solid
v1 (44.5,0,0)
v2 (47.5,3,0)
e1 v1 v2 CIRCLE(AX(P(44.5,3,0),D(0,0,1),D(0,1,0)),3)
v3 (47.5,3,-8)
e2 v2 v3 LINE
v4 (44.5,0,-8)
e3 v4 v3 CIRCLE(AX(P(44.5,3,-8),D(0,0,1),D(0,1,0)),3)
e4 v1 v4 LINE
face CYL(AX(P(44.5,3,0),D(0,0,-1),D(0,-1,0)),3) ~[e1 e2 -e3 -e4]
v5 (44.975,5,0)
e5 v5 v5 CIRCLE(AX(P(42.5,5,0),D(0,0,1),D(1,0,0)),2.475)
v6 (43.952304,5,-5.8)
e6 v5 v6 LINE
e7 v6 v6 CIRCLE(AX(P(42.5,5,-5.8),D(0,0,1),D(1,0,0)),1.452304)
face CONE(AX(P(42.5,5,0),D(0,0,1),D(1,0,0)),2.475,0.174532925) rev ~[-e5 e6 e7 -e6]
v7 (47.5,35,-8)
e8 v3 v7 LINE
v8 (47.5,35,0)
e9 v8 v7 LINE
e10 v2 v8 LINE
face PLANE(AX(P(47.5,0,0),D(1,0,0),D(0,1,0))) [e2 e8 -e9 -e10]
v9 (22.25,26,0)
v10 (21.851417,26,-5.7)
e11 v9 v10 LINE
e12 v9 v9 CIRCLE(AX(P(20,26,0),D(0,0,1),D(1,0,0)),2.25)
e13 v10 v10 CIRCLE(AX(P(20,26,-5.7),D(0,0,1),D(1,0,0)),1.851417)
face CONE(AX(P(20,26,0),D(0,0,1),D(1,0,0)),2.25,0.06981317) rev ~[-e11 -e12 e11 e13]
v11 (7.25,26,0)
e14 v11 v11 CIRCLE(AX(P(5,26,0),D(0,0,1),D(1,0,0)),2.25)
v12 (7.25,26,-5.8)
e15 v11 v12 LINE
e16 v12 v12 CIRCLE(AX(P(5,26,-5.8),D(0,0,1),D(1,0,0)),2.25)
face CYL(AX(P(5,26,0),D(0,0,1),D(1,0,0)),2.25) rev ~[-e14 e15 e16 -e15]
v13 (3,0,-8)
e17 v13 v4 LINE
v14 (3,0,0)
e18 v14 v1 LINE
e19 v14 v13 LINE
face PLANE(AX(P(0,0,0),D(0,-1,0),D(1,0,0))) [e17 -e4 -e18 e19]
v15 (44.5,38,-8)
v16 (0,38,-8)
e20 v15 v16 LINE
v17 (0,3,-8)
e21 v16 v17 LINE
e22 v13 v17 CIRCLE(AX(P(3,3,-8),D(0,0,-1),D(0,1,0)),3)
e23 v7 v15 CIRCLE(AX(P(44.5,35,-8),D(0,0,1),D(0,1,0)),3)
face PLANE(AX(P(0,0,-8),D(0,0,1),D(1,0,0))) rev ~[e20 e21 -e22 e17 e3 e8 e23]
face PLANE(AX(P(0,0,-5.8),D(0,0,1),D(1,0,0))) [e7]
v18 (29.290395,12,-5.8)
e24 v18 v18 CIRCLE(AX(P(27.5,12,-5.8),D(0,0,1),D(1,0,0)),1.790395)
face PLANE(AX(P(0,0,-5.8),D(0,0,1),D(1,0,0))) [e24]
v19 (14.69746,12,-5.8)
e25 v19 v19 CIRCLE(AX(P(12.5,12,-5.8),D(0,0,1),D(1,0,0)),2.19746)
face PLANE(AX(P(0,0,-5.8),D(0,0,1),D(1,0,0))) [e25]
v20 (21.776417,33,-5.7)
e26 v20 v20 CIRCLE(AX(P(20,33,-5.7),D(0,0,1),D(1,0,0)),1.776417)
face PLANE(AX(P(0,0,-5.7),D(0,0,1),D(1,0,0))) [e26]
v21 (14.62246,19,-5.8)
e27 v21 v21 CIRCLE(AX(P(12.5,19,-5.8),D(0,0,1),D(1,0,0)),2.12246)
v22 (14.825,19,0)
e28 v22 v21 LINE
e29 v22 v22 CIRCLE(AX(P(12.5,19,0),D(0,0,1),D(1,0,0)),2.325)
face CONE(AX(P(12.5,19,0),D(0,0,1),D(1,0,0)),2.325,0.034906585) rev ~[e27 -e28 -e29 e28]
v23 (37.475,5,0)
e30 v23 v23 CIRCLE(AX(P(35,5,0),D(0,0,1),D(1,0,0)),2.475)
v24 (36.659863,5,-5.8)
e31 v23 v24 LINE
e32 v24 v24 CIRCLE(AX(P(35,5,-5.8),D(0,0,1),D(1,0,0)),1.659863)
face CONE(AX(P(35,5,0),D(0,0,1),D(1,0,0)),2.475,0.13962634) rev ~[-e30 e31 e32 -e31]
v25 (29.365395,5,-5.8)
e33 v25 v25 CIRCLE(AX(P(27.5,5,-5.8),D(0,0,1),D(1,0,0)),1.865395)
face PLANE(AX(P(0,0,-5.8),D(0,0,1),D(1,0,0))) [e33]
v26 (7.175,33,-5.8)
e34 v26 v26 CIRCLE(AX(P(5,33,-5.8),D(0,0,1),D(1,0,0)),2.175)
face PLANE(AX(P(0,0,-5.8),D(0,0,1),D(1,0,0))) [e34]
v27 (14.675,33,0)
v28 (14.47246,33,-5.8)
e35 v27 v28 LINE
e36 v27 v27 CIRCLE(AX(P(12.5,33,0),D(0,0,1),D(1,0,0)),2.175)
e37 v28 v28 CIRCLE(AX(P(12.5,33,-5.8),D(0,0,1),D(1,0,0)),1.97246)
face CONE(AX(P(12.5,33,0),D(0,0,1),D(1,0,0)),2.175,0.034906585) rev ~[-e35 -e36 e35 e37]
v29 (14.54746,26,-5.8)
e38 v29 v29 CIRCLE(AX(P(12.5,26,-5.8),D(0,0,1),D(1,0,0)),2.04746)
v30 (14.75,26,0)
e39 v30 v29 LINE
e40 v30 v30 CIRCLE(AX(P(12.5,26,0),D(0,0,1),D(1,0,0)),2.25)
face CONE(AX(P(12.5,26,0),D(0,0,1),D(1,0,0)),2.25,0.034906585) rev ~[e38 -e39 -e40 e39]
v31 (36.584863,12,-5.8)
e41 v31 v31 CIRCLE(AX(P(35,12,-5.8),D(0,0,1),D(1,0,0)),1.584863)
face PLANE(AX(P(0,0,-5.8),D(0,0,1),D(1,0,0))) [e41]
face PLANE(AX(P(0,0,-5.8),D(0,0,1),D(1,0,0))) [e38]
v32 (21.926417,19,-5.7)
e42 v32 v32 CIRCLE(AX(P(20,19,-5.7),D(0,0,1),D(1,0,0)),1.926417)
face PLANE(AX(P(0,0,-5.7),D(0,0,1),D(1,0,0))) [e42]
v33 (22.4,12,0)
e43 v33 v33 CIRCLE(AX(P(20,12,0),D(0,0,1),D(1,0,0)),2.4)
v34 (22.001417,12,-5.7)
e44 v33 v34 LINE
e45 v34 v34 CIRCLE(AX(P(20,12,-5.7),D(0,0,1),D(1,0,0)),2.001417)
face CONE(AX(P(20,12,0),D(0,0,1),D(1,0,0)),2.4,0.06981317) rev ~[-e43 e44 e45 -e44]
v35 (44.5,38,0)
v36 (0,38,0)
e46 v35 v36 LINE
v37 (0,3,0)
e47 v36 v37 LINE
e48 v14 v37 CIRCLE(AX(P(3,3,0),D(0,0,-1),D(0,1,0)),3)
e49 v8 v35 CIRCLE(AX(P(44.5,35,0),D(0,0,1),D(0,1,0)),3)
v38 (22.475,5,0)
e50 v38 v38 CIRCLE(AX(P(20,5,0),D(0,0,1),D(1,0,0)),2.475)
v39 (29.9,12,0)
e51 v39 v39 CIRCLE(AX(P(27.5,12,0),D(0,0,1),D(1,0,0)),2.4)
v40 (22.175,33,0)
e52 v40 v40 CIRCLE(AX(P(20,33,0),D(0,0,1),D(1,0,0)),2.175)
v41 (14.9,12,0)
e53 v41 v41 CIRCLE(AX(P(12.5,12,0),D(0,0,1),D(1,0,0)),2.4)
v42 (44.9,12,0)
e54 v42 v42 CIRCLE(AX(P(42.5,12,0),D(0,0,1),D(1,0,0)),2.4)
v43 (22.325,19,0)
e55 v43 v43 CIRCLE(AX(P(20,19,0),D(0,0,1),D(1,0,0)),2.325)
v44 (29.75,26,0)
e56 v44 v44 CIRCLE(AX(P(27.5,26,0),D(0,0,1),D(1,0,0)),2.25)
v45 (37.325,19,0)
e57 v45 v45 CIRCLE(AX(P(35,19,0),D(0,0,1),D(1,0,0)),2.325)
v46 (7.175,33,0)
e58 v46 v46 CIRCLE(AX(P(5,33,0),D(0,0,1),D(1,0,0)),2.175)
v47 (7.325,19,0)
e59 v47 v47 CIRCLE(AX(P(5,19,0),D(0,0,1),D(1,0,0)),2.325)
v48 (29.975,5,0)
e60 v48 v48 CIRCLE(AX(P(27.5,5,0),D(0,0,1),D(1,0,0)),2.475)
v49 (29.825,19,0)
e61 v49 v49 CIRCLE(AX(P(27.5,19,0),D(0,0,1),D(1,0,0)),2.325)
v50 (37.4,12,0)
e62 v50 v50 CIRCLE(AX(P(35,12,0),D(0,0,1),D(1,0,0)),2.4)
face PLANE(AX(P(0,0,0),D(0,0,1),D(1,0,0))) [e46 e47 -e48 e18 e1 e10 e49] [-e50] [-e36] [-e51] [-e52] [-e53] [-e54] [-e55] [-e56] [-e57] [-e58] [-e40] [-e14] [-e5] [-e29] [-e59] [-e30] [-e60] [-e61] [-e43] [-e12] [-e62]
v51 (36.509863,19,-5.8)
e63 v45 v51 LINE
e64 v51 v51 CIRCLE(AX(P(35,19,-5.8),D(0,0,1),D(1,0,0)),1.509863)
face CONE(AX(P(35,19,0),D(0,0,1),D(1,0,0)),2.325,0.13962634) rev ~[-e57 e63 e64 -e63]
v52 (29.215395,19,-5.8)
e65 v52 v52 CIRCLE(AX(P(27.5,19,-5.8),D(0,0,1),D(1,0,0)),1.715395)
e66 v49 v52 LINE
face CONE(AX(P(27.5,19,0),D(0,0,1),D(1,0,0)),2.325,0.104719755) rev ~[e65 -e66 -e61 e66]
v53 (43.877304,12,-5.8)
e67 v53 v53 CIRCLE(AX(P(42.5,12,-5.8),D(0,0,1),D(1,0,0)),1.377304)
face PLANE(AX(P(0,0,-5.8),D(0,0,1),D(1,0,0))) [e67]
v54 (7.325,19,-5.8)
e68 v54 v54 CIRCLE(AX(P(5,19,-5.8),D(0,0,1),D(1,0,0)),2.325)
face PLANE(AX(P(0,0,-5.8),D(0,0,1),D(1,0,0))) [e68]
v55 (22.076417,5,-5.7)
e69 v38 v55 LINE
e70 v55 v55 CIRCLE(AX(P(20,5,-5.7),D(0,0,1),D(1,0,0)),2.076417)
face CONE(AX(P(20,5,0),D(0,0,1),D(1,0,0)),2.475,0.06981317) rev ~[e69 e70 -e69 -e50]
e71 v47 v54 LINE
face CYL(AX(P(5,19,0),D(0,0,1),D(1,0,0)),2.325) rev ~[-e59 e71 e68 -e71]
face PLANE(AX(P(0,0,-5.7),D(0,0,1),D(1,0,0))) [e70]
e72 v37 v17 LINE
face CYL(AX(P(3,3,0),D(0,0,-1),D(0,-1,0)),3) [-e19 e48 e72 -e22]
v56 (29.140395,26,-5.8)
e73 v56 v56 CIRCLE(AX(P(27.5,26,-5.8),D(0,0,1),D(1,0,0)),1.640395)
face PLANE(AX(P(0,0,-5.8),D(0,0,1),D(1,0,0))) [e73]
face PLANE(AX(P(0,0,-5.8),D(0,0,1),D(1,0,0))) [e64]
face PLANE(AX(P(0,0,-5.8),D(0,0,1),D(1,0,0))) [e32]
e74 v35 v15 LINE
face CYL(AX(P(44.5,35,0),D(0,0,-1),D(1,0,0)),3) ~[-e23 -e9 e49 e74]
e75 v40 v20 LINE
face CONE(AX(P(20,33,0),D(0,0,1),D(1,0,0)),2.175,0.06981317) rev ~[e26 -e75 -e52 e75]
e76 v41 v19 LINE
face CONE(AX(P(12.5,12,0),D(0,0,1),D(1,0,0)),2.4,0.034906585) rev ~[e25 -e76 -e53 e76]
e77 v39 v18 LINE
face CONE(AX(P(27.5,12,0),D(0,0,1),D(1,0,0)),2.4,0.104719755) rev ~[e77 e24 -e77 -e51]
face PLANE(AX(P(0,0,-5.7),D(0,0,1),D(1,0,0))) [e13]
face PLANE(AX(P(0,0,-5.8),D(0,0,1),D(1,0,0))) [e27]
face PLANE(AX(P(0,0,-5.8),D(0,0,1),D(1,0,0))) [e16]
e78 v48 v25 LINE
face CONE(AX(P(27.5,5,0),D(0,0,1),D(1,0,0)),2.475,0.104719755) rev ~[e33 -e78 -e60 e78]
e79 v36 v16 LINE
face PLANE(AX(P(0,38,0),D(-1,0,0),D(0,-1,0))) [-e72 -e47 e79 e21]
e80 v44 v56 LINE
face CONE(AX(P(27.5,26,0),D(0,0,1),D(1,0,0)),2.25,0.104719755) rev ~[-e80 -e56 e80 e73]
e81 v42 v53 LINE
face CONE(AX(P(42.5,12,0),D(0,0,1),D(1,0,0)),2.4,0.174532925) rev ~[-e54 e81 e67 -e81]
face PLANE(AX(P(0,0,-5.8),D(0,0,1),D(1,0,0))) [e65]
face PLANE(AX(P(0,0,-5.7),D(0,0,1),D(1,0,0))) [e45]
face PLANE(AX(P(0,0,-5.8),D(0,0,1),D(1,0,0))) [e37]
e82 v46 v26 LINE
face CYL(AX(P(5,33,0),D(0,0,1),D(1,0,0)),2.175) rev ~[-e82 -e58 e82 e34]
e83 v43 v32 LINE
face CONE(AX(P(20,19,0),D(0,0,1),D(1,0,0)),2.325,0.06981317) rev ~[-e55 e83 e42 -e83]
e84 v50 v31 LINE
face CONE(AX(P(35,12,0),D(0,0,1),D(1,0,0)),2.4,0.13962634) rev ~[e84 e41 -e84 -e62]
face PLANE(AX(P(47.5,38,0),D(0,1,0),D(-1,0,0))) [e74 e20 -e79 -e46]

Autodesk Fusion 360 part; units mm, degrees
sketch "Sketch1" plane through (0, 0, 0) normal (0, 0, 1) x (1, 0, 0)
  line L0 (0, 0) -> (47.5, 0)
  line L1 (47.5, 0) -> (47.5, 38)
  circle A0 centre (5, 33) radius 2.175
  line L2 (5, 33) -> (5, 26) construction
  circle A1 centre (5, 26) radius 2.25
  circle A2 centre (12.5, 26) radius 2.25
  circle A3 centre (12.5, 33) radius 2.175
  circle A4 centre (20, 26) radius 2.25
  circle A5 centre (20, 33) radius 2.175
  line L3 (5, 26) -> (5, 19) construction
  line L4 (5, 19) -> (5, 12) construction
  circle A6 centre (5, 19) radius 2.325
  circle A7 centre (5, 12) radius 2.4
  circle A8 centre (12.5, 19) radius 2.325
  circle A9 centre (12.5, 12) radius 2.4
  circle A10 centre (20, 19) radius 2.325
  circle A11 centre (20, 12) radius 2.4
  circle A12 centre (27.5, 26) radius 2.25
  circle A13 centre (27.5, 33) radius 2.175
  circle A14 centre (27.5, 19) radius 2.325
  circle A15 centre (27.5, 12) radius 2.4
  circle A16 centre (35, 26) radius 2.25
  circle A17 centre (35, 33) radius 2.175
  circle A18 centre (35, 19) radius 2.325
  circle A19 centre (35, 12) radius 2.4
  line L5 (5, 12) -> (5, 5) construction
  circle A20 centre (5, 5) radius 2.475
  circle A21 centre (12.5, 5) radius 2.475
  circle A22 centre (20, 5) radius 2.475
  circle A23 centre (27.5, 5) radius 2.475
  circle A24 centre (35, 5) radius 2.475
  circle A25 centre (42.5, 26) radius 2.25
  circle A26 centre (42.5, 33) radius 2.175
  circle A27 centre (42.5, 19) radius 2.325
  circle A28 centre (42.5, 12) radius 2.4
  circle A29 centre (42.5, 5) radius 2.475
  line L6 (47.5, 38) -> (0, 38)
  line L7 (0, 38) -> (0, 0)
  dimension "d2" = 4.35
  dimension "d4" = 4.5
  dimension "d7" = 7.5
  dimension "d8" = 0
  dimension "d13" = 4.65
  dimension "d14" = 4.8
  dimension "d21" = 4.95
  dimension "d27" = 5
  dimension "d28" = 5
  dimension "d29" = 5
  dimension "d30" = 5
sketch "Sketch2" plane through (0, 0, 0) normal (0, 0, 1) x (1, 0, 0)
  line L0 (47.5, 0) -> (47.5, 38)
  line L1 (0, 0) -> (47.5, 0)
  line L2 (47.5, 38) -> (0, 38)
  line L3 (0, 38) -> (0, 0)
extrude "Extrude1" add sketch "Sketch2" against normal blind 8
extrude "Extrude2" cut sketch "Sketch1" against normal blind 5.8 contours A0 | A1 | A6
extrude "Extrude3" cut sketch "Sketch1" against normal blind 5.8 draft -2 contours A2 | A3 | A8 | A9
extrude "Extrude4" cut sketch "Sketch1" against normal blind 5.7 draft -4 contours A4 | A5 | A10 | A11 | A22
extrude "Extrude5" cut sketch "Sketch1" against normal blind 5.8 draft -6 contours A12 | A14 | A15 | A23
extrude "Extrude6" cut sketch "Sketch1" against normal blind 5.8 draft -8 contours A18 | A19 | A24
extrude "Extrude7" cut sketch "Sketch1" against normal blind 5.8 draft -10 contours A28 | A29
fillet "Fillet1" radius 3 3 edges at (0, 0, -4) (47.5, 0, -4) (47.5, 38, -4)
equation "d11 = -extrude_depth"
equation "d15 = -extrude_depth"
equation "d19 = -extrude_depth"
equation "d22 = -extrude_depth"
equation "d24 = -extrude_depth"
equation "extrude_depth = 5.8 mm"
